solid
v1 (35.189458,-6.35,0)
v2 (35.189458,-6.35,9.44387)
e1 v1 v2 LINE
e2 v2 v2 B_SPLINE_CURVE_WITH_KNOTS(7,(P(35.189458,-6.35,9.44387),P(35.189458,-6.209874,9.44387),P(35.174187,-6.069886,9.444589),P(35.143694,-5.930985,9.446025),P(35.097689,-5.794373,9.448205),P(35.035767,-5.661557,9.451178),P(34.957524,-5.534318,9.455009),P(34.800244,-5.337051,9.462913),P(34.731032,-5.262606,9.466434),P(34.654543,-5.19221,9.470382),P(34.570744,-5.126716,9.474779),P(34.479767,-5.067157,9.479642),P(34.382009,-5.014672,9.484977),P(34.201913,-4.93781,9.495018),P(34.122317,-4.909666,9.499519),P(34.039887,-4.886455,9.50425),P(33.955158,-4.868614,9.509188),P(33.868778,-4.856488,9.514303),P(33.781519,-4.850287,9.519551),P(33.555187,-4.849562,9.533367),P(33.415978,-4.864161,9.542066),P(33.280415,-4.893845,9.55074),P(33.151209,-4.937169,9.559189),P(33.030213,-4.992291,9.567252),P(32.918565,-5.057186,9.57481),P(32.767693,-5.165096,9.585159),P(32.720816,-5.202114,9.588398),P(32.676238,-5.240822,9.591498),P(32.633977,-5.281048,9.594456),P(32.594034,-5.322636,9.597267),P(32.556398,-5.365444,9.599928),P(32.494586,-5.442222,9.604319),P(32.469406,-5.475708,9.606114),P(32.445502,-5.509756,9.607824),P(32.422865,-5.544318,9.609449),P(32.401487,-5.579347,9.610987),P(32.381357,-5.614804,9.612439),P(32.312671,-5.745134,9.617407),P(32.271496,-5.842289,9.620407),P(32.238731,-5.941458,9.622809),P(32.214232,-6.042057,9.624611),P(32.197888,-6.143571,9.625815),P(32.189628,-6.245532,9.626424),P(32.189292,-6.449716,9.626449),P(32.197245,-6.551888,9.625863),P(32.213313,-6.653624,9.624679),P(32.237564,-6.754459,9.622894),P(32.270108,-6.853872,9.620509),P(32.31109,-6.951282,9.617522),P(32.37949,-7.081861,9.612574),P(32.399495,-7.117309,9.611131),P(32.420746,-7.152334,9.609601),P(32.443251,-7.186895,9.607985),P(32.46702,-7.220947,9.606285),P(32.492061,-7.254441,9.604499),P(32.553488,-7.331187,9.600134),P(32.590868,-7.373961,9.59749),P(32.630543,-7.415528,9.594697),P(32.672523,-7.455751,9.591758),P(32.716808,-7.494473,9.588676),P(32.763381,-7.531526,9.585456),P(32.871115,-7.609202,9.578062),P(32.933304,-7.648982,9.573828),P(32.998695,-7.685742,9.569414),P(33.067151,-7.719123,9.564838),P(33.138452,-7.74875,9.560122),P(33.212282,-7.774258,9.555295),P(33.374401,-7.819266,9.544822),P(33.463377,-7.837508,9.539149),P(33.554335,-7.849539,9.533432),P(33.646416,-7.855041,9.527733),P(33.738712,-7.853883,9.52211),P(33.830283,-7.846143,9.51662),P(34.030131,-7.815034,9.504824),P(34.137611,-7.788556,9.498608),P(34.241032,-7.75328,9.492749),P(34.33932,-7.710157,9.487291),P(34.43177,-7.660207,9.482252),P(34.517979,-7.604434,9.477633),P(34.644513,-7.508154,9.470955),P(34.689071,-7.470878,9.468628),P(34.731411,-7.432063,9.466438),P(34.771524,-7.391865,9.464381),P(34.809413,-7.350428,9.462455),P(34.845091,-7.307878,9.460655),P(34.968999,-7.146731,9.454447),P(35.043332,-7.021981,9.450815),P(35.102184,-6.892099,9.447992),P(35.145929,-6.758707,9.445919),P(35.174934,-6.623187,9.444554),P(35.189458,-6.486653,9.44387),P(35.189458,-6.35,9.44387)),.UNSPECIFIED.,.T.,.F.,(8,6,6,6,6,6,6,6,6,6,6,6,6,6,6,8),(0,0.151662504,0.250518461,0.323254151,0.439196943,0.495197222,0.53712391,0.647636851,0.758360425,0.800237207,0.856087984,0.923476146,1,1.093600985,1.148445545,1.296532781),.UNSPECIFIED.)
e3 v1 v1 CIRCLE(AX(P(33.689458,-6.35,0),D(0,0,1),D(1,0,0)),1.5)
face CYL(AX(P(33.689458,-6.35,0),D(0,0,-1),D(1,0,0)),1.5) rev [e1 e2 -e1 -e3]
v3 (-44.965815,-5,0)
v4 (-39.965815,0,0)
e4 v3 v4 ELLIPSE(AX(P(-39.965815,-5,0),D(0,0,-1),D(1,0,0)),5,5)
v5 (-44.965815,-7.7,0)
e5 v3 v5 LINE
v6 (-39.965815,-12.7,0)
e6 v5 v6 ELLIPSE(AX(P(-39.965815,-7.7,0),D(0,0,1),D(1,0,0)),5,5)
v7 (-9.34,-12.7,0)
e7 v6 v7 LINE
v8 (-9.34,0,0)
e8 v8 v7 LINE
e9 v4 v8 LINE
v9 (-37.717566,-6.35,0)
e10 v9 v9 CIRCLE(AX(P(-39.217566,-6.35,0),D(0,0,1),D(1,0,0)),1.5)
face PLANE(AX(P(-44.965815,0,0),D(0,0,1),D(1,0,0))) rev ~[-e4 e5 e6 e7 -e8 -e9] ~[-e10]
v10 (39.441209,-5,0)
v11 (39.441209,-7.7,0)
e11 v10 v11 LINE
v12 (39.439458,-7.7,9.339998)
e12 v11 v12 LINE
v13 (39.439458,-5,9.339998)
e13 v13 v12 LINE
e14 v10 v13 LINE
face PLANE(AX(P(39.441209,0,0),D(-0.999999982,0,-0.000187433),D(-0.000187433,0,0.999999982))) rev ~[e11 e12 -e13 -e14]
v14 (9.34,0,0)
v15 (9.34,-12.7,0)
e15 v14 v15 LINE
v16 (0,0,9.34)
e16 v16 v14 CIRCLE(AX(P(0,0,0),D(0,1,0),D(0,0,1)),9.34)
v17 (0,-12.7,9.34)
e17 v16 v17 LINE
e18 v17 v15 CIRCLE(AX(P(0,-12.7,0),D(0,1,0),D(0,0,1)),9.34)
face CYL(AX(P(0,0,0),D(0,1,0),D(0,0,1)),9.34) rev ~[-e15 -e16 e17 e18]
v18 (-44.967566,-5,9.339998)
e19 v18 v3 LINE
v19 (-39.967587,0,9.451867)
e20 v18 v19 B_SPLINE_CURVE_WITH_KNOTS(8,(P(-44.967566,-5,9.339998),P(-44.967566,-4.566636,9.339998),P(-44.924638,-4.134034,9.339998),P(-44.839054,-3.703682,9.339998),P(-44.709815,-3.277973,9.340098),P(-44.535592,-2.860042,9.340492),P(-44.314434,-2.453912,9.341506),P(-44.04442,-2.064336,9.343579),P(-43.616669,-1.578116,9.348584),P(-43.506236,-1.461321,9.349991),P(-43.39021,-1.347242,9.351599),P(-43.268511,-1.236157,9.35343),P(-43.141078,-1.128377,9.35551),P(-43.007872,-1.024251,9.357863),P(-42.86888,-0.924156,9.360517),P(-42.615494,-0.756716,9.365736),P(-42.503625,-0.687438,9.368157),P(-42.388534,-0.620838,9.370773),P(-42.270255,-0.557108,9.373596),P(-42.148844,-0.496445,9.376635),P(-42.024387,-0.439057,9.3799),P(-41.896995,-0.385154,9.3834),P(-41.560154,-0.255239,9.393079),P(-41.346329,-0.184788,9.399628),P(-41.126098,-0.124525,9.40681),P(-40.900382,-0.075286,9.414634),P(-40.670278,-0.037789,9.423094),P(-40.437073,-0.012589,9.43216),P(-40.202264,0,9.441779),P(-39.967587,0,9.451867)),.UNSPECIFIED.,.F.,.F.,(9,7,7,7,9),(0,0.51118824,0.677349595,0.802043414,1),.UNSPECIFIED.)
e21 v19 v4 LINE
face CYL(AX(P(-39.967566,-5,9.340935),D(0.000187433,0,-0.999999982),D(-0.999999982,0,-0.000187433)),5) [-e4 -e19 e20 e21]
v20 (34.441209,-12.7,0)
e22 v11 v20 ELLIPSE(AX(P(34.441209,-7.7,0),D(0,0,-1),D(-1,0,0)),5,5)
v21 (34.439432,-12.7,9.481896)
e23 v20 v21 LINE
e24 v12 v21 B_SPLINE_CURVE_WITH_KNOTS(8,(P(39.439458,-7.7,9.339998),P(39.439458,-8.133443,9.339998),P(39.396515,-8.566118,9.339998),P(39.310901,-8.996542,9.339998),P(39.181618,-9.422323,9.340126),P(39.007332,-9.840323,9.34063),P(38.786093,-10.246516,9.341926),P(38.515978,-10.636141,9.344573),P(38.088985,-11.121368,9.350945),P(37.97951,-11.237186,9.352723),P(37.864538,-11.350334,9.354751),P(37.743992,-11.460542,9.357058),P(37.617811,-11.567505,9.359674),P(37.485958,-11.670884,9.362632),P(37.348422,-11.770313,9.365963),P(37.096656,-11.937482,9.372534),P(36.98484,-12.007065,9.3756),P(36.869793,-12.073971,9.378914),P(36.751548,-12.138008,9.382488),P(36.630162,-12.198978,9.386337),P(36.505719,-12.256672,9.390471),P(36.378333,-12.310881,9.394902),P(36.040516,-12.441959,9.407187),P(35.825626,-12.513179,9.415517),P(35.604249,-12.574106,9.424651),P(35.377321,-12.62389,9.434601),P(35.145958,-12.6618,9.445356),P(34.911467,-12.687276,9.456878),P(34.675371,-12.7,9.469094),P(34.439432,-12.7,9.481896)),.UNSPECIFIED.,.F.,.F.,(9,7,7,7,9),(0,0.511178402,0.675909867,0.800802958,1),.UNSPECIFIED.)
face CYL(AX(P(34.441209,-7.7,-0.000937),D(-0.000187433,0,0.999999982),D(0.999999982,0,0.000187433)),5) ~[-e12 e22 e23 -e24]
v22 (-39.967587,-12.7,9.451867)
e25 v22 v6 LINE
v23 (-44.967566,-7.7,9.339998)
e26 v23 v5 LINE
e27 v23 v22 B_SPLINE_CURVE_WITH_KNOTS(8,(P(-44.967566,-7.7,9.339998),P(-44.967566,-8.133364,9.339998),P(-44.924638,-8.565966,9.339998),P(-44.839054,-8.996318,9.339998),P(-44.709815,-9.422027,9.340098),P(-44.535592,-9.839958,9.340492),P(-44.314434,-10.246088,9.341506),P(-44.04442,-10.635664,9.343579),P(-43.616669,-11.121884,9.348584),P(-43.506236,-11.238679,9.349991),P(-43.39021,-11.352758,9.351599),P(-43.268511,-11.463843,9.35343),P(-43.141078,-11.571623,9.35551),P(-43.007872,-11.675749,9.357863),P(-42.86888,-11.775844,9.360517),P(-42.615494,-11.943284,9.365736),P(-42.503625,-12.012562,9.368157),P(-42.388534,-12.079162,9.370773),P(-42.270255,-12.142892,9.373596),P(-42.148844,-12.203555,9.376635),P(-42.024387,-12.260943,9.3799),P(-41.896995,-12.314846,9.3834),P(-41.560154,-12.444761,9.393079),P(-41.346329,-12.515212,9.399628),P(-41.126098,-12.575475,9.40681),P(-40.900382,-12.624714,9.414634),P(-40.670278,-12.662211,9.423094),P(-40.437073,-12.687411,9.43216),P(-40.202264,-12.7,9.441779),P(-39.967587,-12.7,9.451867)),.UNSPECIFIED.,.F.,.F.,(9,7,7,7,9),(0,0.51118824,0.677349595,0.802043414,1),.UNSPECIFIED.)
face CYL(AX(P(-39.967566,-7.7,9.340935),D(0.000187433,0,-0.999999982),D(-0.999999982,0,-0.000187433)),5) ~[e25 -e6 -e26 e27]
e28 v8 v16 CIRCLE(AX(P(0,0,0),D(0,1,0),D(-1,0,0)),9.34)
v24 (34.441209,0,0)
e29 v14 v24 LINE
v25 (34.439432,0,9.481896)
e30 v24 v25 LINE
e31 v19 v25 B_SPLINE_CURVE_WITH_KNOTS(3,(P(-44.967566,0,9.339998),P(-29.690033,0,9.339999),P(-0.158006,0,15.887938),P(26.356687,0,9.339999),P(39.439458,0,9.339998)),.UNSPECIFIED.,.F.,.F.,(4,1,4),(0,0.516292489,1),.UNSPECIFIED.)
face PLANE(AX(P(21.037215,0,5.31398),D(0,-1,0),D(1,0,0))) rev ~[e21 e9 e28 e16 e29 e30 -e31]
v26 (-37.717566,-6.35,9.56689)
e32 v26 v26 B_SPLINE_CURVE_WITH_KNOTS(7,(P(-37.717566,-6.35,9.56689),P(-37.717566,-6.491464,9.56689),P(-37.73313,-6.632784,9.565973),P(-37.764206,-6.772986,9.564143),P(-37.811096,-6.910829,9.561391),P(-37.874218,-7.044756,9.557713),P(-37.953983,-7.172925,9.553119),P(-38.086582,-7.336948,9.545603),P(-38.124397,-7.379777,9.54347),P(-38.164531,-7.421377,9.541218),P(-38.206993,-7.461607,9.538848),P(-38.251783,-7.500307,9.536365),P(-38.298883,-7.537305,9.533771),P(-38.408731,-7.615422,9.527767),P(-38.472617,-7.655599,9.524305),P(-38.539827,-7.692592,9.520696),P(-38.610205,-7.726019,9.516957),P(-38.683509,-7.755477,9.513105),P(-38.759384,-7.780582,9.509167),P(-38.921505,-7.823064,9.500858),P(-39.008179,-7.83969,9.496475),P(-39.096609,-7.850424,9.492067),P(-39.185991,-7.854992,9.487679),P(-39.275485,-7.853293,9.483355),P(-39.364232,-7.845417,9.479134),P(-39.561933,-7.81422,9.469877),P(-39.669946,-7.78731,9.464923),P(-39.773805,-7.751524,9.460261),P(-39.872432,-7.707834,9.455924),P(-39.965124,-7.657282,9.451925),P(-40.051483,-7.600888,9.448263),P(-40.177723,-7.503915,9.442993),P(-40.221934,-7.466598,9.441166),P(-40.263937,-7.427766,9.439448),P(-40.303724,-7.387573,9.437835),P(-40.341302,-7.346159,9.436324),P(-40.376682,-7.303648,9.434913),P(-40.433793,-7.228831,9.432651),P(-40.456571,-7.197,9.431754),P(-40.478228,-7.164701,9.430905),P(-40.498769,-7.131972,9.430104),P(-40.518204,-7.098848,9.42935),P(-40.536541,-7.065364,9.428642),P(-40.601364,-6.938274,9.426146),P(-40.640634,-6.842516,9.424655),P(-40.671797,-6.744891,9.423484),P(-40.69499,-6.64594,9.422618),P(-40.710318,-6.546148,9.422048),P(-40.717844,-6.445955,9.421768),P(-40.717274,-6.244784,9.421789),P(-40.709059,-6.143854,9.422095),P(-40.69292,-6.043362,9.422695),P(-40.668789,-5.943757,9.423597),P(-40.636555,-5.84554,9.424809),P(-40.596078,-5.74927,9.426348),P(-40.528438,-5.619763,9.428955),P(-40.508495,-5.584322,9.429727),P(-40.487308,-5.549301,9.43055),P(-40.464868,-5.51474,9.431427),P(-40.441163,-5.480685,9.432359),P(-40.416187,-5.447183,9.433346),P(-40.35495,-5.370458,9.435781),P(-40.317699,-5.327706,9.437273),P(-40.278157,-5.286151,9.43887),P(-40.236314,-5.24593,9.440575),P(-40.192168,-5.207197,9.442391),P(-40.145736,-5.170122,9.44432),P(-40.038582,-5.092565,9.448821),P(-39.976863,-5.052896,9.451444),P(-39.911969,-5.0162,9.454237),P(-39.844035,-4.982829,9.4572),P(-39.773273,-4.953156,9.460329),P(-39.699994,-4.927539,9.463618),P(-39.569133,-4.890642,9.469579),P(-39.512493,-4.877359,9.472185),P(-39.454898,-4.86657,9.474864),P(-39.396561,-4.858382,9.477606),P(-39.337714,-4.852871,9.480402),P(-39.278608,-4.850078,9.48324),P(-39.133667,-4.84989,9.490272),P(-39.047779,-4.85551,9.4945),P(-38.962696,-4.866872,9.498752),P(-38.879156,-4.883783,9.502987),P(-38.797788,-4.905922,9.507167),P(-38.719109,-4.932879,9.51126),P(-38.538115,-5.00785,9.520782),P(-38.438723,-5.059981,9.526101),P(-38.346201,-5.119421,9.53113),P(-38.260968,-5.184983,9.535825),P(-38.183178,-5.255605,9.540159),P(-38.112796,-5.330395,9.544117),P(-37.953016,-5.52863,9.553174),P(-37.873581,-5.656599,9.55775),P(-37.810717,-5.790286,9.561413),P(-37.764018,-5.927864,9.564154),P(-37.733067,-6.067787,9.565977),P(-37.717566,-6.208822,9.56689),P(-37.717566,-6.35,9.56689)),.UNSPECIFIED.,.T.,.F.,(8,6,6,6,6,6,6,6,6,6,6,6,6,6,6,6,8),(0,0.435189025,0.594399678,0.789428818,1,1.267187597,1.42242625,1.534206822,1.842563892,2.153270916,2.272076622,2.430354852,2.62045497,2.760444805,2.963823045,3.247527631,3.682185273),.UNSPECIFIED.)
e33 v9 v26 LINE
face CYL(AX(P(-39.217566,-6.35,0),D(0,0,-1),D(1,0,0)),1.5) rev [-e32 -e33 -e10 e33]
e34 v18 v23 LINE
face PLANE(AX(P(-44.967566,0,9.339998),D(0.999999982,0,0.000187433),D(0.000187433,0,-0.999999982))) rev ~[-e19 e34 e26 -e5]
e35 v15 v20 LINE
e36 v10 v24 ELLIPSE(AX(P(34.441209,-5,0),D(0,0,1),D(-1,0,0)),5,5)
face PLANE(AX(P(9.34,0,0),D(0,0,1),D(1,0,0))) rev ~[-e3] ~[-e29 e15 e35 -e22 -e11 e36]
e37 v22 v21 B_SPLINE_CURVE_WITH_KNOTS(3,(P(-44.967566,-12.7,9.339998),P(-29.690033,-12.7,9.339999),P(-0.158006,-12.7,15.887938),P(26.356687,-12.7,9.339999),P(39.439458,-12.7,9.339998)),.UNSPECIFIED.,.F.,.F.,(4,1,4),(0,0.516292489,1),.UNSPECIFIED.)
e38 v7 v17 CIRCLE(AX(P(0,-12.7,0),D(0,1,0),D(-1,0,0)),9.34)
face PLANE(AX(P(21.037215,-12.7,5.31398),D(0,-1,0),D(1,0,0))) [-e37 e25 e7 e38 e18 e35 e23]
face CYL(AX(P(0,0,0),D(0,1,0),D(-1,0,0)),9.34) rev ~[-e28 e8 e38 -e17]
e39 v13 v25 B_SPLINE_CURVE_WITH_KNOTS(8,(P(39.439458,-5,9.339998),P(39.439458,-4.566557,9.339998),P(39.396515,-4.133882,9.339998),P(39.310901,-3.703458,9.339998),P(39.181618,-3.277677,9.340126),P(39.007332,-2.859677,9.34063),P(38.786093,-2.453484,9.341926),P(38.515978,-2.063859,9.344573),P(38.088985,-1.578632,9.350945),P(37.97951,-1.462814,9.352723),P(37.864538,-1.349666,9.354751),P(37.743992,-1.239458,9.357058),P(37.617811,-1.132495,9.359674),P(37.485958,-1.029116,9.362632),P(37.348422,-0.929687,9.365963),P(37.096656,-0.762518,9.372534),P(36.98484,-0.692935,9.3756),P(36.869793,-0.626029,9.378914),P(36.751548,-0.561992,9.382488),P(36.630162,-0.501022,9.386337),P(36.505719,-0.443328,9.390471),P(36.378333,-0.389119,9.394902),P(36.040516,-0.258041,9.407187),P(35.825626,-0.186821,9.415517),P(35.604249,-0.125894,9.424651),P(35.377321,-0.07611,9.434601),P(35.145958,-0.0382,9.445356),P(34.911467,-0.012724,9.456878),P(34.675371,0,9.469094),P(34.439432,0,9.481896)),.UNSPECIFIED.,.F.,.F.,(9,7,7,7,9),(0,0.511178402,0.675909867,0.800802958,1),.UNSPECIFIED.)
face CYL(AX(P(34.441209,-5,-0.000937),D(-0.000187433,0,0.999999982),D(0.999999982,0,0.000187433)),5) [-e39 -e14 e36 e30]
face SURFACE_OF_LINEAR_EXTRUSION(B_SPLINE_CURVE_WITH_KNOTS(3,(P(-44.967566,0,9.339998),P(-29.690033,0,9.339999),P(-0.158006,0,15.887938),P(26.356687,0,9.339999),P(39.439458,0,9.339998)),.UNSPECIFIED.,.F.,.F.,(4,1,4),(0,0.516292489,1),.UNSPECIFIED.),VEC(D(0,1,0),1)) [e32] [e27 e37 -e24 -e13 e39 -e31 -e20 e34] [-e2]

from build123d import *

# Parameters (mm, degrees)
F1_DEPTH = 12.7
F2_R     = 5
F3_R     = 1.5
F4_DEPTH = 19.1


with BuildPart() as f1:
    # F0 (on Front) → F1 (new body)
    with BuildSketch(Plane.XZ):
        with BuildLine():
            Line((9.34, 0), (39.4412088344, 0))
            Line((39.4412088344, 0), (39.4394582065, 9.3399980128))
            Line((39.4394582065, 9.3399980128), (0, 9.34))
            ThreePointArc((0, 9.34), (6.6043773363, 6.6043773363), (9.34, 0))
        make_face()
        with BuildLine():
            Line((0, 9.34), (39.4394582065, 9.3399980128))
            add(Edge.make_bspline(
                [(-44.9675657917, 9.3399980128), (-29.6900332628, 9.339998688), (-0.1580063373, 15.8879383906), (26.3566872689, 9.339998672), (39.4394582065, 9.3399980128)],
                knots=[0, 0, 0, 0, 0.5162924895, 1, 1, 1, 1], degree=3))
            Line((-44.9675657917, 9.3399980128), (0, 9.34))
        make_face()
        with BuildLine():
            ThreePointArc((-9.34, 0), (-6.6043773363, 6.6043773363), (0, 9.34))
            Line((0, 9.34), (-44.9675657917, 9.3399980128))
            Line((-44.9675657917, 9.3399980128), (-44.9658151637, 0))
            Line((-44.9658151637, 0), (-9.34, 0))
        make_face()
    extrude(amount=F1_DEPTH)

    # F2
    f2_edges = [f1.edges().sort_by_distance(p)[0] for p in [
        (-44.96669, -12.7, 4.669999),
        (-44.96669, 0, 4.669999),
        (39.440334, -12.7, 4.669999),
        (39.440334, 0, 4.669999),
    ]]
    fillet(f2_edges, radius=F2_R)

    # F3 (on Top) → F4 (cut)
    with BuildSketch(Plane.XY):
        with Locations((-39.2175657917, -6.35)):
            Circle(F3_R)
        with Locations((33.6894582065, -6.35)):
            Circle(F3_R)
    extrude(amount=F4_DEPTH, mode=Mode.SUBTRACT)


solid = f1.part
